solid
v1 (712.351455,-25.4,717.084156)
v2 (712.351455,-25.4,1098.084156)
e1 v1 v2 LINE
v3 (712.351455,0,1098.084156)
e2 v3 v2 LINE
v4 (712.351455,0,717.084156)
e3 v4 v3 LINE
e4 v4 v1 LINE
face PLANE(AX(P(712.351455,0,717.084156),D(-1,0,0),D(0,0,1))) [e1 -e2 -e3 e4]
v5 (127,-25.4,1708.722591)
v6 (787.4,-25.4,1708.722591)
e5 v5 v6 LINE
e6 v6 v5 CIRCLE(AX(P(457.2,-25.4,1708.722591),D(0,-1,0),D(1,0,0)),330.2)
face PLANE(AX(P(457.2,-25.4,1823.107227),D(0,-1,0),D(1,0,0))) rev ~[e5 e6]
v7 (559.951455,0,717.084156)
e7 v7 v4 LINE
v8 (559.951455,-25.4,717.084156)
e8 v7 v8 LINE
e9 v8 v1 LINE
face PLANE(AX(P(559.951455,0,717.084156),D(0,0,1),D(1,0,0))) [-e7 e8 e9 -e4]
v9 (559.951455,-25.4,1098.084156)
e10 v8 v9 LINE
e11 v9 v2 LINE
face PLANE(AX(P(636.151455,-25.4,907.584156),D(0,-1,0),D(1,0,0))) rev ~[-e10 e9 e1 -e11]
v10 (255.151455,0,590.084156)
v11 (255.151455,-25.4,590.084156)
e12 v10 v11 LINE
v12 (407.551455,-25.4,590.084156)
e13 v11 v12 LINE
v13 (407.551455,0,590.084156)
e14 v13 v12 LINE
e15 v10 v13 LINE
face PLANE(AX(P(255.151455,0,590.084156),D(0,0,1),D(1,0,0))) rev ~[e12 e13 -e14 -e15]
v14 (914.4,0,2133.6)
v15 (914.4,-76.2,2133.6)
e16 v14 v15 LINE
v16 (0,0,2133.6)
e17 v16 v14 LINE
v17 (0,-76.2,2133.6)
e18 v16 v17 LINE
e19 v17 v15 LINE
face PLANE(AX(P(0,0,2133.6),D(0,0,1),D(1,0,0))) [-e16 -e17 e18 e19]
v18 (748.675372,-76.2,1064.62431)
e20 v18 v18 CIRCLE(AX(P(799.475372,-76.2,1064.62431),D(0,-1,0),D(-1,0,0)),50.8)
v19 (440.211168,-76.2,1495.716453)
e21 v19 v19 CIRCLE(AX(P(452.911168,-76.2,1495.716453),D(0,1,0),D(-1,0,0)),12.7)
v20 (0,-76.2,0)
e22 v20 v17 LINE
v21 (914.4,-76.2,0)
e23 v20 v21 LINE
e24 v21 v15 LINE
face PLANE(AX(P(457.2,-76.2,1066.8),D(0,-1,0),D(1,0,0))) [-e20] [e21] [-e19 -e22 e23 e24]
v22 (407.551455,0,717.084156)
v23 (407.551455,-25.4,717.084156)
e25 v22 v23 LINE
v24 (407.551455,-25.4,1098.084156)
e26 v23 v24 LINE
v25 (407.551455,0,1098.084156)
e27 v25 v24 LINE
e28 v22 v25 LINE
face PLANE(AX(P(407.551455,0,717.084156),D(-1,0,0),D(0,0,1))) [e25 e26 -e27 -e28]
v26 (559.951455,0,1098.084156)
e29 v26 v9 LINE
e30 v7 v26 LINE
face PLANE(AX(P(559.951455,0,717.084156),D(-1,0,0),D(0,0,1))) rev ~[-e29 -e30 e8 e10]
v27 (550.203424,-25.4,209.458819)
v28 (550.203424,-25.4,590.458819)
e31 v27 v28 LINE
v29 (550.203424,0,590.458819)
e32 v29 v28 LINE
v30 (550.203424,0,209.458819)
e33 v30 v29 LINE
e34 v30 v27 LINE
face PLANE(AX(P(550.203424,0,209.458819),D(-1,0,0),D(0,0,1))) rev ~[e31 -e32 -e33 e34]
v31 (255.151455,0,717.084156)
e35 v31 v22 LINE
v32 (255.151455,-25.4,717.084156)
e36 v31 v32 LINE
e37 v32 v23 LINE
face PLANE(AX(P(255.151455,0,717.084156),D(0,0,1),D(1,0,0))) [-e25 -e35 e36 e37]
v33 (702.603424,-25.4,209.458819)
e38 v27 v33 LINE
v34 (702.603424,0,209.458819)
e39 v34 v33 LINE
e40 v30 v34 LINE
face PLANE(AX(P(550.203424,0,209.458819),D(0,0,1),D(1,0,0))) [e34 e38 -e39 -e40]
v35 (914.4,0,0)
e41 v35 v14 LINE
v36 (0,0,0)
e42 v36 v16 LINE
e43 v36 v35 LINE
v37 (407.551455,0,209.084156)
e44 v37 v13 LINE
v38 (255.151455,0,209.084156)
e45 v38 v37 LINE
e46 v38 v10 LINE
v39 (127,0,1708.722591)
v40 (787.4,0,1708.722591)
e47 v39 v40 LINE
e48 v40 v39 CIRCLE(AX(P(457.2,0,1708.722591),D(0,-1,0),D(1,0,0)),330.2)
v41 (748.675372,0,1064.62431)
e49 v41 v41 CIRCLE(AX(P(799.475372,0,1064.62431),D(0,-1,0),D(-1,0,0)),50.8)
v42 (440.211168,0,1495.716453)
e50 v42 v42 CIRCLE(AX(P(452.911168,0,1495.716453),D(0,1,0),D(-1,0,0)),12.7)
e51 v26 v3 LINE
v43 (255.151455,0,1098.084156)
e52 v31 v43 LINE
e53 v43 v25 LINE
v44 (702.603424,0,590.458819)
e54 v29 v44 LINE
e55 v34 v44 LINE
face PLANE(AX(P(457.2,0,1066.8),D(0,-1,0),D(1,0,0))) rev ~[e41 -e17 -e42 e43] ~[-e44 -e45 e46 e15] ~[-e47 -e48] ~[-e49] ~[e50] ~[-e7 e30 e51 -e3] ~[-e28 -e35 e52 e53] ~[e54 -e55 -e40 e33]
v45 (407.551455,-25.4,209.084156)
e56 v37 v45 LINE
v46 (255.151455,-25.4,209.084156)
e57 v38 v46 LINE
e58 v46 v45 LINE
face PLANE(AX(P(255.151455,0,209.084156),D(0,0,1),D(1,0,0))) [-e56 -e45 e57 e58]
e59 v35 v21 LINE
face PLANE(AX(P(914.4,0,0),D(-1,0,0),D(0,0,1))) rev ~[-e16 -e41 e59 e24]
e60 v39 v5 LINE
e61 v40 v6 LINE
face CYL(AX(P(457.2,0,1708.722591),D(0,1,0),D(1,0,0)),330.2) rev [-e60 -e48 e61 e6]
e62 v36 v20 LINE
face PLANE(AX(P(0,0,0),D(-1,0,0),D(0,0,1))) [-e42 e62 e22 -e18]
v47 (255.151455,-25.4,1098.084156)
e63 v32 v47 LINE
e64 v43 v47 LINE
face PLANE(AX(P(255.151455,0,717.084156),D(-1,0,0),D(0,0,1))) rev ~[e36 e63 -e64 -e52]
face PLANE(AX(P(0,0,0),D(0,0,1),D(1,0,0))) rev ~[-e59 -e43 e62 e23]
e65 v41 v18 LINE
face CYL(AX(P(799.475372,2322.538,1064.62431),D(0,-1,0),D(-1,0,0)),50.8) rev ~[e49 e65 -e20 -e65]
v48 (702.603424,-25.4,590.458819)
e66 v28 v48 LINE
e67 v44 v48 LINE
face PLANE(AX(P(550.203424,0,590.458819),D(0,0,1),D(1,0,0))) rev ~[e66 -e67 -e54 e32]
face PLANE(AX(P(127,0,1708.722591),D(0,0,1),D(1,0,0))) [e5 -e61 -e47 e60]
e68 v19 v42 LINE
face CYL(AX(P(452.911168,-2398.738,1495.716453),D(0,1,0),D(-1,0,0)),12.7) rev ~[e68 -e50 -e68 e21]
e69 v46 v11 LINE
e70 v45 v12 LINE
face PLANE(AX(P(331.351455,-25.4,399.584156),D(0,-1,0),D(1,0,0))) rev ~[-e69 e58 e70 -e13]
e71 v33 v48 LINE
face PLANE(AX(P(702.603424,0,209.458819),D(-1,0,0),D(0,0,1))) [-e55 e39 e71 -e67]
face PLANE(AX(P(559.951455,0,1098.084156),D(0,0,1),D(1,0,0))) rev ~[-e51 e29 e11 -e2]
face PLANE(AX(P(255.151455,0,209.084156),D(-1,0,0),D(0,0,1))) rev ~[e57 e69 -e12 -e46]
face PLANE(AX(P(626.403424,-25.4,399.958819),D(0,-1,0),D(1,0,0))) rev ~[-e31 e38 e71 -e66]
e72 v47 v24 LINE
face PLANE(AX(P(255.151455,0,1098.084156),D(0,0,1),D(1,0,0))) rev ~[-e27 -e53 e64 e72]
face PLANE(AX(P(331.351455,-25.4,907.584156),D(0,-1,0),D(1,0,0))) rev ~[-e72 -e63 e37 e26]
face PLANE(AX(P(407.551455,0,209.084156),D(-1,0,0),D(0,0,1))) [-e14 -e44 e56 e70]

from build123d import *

# Parameters (mm, degrees)
F0_W     = 914.4
F0_H     = 2133.6
F4_DEPTH = 76.2
F6_D     = 101.6
F7_D     = 25.4
F8_DEPTH = 25.4
F2_W     = 152.4
F2_H     = 381
F9_DEPTH = 25.4


with BuildPart() as f4:
    # F0 (on Front) → F4 (new body)
    with BuildSketch(Plane.XZ):
        with Locations((457.2, 1066.8)):
            Rectangle(F0_W, F0_H)
    extrude(amount=F4_DEPTH)

    # F6 (through all)
    with Locations(Plane(origin=(0, 0, 0), x_dir=(1, 0, 0), z_dir=(0, 1, 0))):
        with Locations((799.4753718376, -1064.6243095398)):
            Hole(F6_D / 2)

    # F7 (through all)
    with Locations(Plane.XZ.offset(76.2)):
        with Locations((452.9111683369, 1495.7164525986)):
            Hole(F7_D / 2)

    # F1 (on Front) → F8 (cut)
    with BuildSketch(Plane.XZ):
        with BuildLine():
            ThreePointArc((787.4, 1708.7225914001), (457.2, 2038.9225914001), (127, 1708.7225914001))
            Line((127, 1708.7225914001), (787.4, 1708.7225914001))
        make_face()
    extrude(amount=F8_DEPTH, mode=Mode.SUBTRACT)

    # F2 (on Front) → F9 (cut)
    with BuildSketch(Plane.XZ):
        with Locations((331.3514550252, 907.5841558799)):
            Rectangle(F2_W, F2_H)
        with Locations((636.1514550252, 907.5841558799)):
            Rectangle(F2_W, F2_H)
        with Locations((331.3514550252, 399.5841558799)):
            Rectangle(F2_W, F2_H)
        with Locations((626.4034242401, 399.9588191742)):
            Rectangle(F2_W, F2_H)
    extrude(amount=F9_DEPTH, mode=Mode.SUBTRACT)


solid = f4.part
